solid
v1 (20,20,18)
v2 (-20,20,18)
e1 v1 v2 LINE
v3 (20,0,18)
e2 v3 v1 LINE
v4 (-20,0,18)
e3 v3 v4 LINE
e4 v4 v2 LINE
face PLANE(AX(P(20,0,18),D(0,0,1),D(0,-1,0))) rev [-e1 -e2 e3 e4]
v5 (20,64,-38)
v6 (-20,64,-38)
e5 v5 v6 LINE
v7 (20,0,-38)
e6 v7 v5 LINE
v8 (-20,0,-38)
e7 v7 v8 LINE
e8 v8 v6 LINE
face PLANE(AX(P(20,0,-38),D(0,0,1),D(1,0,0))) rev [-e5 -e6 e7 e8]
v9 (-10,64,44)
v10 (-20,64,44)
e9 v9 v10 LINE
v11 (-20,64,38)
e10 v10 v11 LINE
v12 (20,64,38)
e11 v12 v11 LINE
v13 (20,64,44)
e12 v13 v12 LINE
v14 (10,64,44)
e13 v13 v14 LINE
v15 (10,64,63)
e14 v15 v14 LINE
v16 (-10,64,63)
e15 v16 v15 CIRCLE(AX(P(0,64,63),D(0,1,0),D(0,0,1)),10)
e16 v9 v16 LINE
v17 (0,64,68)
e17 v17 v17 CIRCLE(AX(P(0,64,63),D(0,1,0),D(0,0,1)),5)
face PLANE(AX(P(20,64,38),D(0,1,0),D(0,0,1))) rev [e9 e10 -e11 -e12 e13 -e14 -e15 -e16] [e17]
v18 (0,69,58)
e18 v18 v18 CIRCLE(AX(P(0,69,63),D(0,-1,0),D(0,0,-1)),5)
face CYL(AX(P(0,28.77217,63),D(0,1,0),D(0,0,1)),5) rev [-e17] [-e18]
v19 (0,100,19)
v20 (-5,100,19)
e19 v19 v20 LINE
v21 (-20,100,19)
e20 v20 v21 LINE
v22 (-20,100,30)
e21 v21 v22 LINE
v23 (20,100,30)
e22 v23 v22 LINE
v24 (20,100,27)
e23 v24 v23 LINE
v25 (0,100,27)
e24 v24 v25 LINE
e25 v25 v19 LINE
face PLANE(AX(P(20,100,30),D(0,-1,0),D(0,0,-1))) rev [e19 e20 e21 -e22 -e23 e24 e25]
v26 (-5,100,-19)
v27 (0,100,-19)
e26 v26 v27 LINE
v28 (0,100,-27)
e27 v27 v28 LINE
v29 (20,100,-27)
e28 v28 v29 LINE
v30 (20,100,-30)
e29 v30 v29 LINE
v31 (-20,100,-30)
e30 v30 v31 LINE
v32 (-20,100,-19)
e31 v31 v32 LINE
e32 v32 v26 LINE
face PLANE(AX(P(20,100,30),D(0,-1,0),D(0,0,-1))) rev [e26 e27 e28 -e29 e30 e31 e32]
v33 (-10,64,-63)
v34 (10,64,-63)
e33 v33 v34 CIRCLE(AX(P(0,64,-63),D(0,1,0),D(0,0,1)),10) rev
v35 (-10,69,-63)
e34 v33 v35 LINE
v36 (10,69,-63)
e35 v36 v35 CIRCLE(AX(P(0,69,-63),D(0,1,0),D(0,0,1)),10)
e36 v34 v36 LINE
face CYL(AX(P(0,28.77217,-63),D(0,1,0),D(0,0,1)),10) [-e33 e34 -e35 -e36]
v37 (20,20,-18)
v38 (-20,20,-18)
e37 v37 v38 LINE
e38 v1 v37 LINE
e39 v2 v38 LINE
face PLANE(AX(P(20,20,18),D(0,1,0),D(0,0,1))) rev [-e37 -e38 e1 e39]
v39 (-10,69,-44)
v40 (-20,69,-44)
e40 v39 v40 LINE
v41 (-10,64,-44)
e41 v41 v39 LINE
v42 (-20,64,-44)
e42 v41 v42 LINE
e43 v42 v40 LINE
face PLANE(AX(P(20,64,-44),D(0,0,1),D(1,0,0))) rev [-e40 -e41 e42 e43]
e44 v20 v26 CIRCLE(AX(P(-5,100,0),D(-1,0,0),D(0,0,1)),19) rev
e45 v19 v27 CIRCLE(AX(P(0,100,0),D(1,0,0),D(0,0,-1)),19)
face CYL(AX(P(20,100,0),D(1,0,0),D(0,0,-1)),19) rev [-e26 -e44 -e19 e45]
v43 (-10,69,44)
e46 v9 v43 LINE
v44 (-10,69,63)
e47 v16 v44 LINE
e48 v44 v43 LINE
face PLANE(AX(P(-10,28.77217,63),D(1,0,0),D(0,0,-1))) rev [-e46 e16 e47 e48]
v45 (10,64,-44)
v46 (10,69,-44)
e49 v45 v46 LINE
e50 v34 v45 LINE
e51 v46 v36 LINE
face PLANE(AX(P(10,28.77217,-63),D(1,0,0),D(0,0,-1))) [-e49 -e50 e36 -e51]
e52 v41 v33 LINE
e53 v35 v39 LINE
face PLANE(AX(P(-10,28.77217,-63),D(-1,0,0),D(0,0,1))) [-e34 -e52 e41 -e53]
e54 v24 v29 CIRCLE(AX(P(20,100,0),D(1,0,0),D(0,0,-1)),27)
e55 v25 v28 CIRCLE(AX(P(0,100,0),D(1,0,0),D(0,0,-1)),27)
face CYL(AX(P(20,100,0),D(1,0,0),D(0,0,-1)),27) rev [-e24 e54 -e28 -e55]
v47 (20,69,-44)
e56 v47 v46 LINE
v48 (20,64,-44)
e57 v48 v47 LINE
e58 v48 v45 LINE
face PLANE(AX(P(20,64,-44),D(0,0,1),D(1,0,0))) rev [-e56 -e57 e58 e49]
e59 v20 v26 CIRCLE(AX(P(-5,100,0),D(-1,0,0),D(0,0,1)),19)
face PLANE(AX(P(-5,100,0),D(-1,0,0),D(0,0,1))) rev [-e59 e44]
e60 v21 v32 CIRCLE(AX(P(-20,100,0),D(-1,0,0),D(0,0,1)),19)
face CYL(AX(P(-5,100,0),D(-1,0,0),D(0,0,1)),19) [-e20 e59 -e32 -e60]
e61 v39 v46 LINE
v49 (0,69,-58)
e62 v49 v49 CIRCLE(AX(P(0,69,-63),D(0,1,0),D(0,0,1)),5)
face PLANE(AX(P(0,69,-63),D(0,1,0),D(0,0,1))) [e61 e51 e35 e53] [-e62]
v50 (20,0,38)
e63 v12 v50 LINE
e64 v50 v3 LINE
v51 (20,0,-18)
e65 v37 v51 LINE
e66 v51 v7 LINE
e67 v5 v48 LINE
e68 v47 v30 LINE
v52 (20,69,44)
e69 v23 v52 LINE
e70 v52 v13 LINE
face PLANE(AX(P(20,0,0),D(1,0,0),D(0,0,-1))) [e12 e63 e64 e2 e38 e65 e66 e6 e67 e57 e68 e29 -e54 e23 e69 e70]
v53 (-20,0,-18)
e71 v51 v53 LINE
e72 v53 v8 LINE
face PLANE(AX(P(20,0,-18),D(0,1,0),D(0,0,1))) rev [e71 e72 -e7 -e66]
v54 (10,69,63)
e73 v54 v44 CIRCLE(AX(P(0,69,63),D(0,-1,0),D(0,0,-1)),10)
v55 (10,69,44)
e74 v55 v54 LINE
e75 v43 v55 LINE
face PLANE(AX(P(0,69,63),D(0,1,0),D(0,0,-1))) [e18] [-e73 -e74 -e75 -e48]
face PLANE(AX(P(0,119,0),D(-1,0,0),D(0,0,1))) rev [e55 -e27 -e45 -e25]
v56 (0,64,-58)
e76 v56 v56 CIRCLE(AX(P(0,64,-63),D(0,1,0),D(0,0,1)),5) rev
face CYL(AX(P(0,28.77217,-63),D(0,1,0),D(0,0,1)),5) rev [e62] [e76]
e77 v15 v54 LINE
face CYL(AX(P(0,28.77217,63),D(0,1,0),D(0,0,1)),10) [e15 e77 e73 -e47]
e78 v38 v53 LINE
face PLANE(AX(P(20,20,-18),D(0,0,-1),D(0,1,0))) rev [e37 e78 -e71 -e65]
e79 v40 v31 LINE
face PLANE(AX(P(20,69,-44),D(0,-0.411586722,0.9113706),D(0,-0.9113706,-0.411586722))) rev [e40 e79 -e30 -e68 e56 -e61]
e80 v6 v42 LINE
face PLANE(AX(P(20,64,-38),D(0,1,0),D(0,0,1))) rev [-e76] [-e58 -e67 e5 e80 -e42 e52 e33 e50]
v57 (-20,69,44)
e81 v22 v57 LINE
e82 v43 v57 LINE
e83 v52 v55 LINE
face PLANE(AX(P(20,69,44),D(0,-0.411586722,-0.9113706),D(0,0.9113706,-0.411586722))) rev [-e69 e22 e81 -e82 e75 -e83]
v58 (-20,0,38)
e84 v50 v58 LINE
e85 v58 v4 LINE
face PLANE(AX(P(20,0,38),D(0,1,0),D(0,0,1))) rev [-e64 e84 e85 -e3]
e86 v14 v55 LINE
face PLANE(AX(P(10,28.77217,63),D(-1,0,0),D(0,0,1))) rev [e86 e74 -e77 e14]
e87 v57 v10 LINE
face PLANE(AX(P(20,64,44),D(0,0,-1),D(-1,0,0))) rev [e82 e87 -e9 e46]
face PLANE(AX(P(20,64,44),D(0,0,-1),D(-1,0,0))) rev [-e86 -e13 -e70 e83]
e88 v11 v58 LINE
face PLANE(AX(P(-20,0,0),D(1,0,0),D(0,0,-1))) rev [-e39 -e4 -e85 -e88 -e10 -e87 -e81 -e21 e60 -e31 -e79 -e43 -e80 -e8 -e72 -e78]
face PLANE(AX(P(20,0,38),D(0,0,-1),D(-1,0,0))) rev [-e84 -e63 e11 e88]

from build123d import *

# Parameters (mm, degrees)
BOSS_EXTRUDE1_DEPTH = 20
HOLE1_D             = 38
HOLE1_DEPTH         = 100
HOLE1_CBORE_D       = 54
HOLE1_CBORE_DEPTH   = 20
HOLE1_TIP           = 11.416351762
SKETCH4_R           = 19
BOSS_EXTRUDE2_DEPTH = 15
SKETCH5_R           = 5
BOSS_EXTRUDE3_DEPTH = 5


with BuildPart() as part:
    # Sketch1 → Boss-Extrude1 (new, symmetric)
    with BuildSketch(Plane(origin=(0, 0, 0), x_dir=(0, 0, -1), z_dir=(1, 0, 0))):
        Polygon((-38, 0), (-38, 64), (-44, 64), (-44, 69), (-30, 100), (30, 100), (44, 69), (44, 64), (38, 64), (38, 0), (18, 0), (18, 20), (-18, 20), (-18, 0), align=None)
    extrude(amount=BOSS_EXTRUDE1_DEPTH, both=True)

    # Hole1
    with Locations(Plane(origin=(20, 0, 0), x_dir=(0, 0, -1), z_dir=(1, 0, 0))):
        with Locations((0, 100)):
            CounterBoreHole(HOLE1_D / 2, HOLE1_CBORE_D / 2, HOLE1_CBORE_DEPTH, depth=HOLE1_DEPTH)
            with Locations((0, 0, -(HOLE1_DEPTH + HOLE1_TIP / 2))):  # 118° drill point
                Cone(0, HOLE1_D / 2, HOLE1_TIP, mode=Mode.SUBTRACT)

    # Sketch4 → Boss-Extrude2 (add)
    with BuildSketch(Plane.ZY.offset(20)):
        with Locations((0, 100)):
            Circle(SKETCH4_R)
    extrude(amount=-BOSS_EXTRUDE2_DEPTH)

    # Sketch5 → Boss-Extrude3 (add)
    with BuildSketch(Plane(origin=(0, 69, 0), x_dir=(1, 0, 0), z_dir=(0, 1, 0))):
        with BuildLine():
            Line((-10, 63), (-10, 44))
            Line((-10, 44), (10, 44))
            Line((10, 44), (10, 63))
            ThreePointArc((10, 63), (0, 73), (-10, 63))
        make_face()
        with Locations(Location((0, 63, 0), (0, 0, 270))):
            Circle(SKETCH5_R, mode=Mode.SUBTRACT)
    boss_extrude3 = extrude(amount=-BOSS_EXTRUDE3_DEPTH)

    # Mirror1: Boss-Extrude3 across plane
    add(boss_extrude3.mirror(Plane.XY))


solid = part.part
